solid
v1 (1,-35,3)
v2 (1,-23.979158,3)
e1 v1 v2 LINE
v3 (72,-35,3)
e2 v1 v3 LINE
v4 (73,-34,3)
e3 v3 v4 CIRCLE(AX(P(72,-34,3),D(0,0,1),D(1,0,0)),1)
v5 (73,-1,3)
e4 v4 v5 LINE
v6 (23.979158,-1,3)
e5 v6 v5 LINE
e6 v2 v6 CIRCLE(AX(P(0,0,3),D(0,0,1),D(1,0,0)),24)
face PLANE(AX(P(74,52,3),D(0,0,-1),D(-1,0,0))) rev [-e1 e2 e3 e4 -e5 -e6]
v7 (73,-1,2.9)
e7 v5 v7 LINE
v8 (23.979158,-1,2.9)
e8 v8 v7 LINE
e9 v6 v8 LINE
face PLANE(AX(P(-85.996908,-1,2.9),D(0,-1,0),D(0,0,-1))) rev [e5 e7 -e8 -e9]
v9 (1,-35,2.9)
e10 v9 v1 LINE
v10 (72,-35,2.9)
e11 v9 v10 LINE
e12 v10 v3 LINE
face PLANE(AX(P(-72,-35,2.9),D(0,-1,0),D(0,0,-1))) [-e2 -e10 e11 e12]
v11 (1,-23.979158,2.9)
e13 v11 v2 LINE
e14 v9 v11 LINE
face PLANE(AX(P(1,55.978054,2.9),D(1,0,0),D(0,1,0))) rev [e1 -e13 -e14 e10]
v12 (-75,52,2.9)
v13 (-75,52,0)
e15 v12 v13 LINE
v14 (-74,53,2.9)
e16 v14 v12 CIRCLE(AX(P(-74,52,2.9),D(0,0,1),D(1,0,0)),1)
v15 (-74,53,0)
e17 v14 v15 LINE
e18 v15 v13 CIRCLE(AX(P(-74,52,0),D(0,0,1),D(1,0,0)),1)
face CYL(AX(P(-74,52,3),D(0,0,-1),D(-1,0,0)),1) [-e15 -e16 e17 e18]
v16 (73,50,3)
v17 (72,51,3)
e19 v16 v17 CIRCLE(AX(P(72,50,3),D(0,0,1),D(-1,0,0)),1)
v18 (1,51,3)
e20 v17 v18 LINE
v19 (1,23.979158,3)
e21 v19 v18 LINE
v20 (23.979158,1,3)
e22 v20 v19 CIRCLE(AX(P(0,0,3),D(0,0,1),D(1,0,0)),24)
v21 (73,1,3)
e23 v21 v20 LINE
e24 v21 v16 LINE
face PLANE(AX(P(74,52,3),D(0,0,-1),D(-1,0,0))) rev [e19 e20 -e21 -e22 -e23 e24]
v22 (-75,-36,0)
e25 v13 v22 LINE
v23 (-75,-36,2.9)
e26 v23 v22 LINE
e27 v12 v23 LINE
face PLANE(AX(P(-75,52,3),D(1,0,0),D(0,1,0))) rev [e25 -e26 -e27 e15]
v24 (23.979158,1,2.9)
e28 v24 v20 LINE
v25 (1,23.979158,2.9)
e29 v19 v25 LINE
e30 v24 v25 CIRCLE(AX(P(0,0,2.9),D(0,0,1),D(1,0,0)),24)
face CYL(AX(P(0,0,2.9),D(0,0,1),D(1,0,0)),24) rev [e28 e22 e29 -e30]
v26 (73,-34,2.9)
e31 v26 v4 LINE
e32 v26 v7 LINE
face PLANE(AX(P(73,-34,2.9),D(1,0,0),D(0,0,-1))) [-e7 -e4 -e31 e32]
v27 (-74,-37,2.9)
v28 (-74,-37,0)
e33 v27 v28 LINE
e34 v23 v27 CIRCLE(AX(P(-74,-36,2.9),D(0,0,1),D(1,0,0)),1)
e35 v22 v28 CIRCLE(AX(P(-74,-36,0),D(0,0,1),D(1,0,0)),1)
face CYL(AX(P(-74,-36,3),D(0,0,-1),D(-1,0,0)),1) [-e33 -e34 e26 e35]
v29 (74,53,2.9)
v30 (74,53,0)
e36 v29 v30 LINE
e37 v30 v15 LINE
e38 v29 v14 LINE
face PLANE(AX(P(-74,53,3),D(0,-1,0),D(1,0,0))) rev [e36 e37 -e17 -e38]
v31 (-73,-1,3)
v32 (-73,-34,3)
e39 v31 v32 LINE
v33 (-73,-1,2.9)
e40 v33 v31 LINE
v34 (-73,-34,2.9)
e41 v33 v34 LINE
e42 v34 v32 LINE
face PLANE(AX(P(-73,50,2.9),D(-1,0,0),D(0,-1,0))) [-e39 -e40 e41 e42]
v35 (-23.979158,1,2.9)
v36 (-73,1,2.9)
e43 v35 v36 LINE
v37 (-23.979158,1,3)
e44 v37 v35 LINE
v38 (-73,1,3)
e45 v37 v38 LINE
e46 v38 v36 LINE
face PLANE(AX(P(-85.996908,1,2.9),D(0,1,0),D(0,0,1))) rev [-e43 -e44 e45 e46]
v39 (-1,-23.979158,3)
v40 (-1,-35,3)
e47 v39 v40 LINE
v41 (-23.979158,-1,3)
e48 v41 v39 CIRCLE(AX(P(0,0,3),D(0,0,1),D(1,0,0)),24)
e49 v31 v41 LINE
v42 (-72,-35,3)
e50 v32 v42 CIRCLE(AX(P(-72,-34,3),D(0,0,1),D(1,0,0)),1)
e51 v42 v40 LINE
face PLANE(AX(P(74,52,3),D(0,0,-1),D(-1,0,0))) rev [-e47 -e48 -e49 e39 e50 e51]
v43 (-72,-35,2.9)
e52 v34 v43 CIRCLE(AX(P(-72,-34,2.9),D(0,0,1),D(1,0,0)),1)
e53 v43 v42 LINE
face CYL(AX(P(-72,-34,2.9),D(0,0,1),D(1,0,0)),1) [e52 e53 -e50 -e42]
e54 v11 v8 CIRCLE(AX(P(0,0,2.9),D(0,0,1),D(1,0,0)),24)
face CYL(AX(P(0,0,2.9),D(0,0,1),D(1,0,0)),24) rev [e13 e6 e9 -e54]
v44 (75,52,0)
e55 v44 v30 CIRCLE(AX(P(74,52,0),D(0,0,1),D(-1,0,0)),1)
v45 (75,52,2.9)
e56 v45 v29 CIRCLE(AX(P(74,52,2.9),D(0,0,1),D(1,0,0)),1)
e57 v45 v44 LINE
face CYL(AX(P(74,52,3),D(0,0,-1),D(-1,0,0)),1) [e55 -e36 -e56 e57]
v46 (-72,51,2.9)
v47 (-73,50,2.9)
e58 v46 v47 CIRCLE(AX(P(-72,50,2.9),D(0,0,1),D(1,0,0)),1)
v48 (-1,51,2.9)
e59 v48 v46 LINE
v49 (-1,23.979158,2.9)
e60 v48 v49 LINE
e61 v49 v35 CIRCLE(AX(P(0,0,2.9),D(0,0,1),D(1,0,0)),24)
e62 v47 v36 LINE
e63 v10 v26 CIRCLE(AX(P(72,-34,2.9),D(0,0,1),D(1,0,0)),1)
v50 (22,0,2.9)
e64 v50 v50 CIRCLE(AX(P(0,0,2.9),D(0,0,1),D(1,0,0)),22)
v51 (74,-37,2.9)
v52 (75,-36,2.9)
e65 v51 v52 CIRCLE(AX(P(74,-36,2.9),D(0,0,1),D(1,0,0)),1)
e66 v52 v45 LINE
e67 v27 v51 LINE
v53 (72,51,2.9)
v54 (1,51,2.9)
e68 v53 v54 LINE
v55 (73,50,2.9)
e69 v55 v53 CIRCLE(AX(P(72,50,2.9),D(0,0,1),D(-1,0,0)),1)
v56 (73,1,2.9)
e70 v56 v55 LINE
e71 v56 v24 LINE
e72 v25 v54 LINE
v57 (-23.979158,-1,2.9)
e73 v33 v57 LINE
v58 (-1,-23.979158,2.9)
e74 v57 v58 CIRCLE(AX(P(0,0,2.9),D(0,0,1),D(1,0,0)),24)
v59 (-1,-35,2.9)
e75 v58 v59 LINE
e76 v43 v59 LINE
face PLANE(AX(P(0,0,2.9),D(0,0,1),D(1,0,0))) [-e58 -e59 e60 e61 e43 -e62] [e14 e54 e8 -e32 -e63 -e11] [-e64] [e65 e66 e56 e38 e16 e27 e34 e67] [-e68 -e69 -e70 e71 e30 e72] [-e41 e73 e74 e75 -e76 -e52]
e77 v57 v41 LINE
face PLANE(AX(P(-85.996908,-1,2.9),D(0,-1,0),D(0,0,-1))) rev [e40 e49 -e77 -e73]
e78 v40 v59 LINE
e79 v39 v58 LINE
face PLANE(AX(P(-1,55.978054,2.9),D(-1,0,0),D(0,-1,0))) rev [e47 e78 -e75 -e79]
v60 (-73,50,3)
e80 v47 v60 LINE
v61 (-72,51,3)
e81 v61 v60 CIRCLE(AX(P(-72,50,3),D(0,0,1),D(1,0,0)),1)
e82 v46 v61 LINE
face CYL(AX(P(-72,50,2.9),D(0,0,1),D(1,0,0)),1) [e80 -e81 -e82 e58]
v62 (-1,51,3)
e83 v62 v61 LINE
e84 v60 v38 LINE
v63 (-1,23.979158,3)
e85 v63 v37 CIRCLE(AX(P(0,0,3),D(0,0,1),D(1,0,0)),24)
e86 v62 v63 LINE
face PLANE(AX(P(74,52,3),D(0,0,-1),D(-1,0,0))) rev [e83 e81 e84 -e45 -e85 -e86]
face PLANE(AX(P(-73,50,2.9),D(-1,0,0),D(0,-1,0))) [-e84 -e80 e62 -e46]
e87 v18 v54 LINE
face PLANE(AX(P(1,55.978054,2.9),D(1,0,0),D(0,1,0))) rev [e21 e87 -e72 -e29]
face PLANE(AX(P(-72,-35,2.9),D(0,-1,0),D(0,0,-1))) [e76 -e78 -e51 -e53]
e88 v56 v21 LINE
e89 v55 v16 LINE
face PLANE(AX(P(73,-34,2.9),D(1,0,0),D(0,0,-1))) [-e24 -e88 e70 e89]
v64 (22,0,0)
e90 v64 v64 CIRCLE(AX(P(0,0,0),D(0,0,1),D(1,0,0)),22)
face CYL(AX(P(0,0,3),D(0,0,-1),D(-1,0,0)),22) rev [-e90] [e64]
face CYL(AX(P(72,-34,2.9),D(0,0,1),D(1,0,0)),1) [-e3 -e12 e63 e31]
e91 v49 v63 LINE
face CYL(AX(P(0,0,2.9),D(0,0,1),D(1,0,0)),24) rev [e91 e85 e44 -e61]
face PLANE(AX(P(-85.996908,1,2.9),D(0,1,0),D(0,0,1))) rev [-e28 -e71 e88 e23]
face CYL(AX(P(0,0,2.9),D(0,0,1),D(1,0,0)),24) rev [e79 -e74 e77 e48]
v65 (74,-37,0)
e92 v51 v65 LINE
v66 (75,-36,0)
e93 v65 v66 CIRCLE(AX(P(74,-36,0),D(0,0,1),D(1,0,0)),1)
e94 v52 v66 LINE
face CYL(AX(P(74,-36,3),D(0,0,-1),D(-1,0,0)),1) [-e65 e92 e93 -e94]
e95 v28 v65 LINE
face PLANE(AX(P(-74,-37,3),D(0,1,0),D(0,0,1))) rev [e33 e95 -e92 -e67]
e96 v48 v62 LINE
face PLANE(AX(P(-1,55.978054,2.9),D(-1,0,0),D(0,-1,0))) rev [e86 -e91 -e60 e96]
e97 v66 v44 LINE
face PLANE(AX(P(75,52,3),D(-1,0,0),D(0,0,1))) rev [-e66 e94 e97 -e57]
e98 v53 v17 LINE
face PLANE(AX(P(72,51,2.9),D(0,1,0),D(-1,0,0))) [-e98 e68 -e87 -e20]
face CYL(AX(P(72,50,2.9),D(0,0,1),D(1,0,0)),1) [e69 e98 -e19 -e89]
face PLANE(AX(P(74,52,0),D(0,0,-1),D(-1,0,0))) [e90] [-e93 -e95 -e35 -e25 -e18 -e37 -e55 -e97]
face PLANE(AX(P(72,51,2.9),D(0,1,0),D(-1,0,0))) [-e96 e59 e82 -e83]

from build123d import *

# Parameters (mm, degrees)
SKETCH_1_R          = 22
EXTRUDE_1_DEPTH     = 3
SKETCH_6_R          = 24
CUT_EXTRUDE_1_DEPTH = 0.1
SKETCH_7_W          = 161.718450326
SKETCH_7_H          = 100.382420291
CUT_EXTRUDE_2_DEPTH = 0.1
SKETCH_8_W          = 2
SKETCH_8_H          = 101.647080703
CUT_EXTRUDE_3_DEPTH = 0.1
SKETCH_9_W          = 185.430833072
SKETCH_9_H          = 2
CUT_EXTRUDE_4_DEPTH = 0.1


with BuildPart() as part:
    # Эскиз1 → Бобышка-Вытянуть1 (new body)
    with BuildSketch(Plane.XY):
        with BuildLine():
            Line((-74, 53), (74, 53))
            ThreePointArc((74, 53), (74.707106781, 52.707106781), (75, 52))
            Line((75, 52), (75, -36))
            ThreePointArc((75, -36), (74.707106781, -36.707106781), (74, -37))
            Line((74, -37), (-74, -37))
            ThreePointArc((-74, -37), (-74.707106781, -36.707106781), (-75, -36))
            Line((-75, -36), (-75, 52))
            ThreePointArc((-75, 52), (-74.707106781, 52.707106781), (-74, 53))
        make_face()
        Circle(SKETCH_1_R, mode=Mode.SUBTRACT)
    extrude(amount=EXTRUDE_1_DEPTH)

    # Эскиз6 → Вырез-Вытянуть1 (cut)
    with BuildSketch(Plane.XY.offset(3)):
        Circle(SKETCH_6_R)
    extrude(amount=-CUT_EXTRUDE_1_DEPTH, mode=Mode.SUBTRACT)

    # Эскиз7 → Вырез-Вытянуть2 (cut)
    with BuildSketch(Plane.XY.offset(3)):
        with Locations((0.395206379, 8.158082552)):
            Rectangle(SKETCH_7_W, SKETCH_7_H)
        with BuildLine():
            Line((72, 51), (-72, 51))
            ThreePointArc((-72, 51), (-72.707106781, 50.707106781), (-73, 50))
            Line((-73, 50), (-73, -34))
            ThreePointArc((-73, -34), (-72.707106781, -34.707106781), (-72, -35))
            Line((-72, -35), (72, -35))
            ThreePointArc((72, -35), (72.707106781, -34.707106781), (73, -34))
            Line((73, -34), (73, 50))
            ThreePointArc((73, 50), (72.707106781, 50.707106781), (72, 51))
        make_face(mode=Mode.SUBTRACT)
    extrude(amount=-CUT_EXTRUDE_2_DEPTH, mode=Mode.SUBTRACT)

    # Эскиз8 → Вырез-Вытянуть3 (cut)
    with BuildSketch(Plane.XY.offset(3)):
        with Locations((0, 5.154514071)):
            Rectangle(SKETCH_8_W, SKETCH_8_H)
    extrude(amount=-CUT_EXTRUDE_3_DEPTH, mode=Mode.SUBTRACT)

    # Эскиз9 → Вырез-Вытянуть4 (cut)
    with BuildSketch(Plane.XY.offset(3)):
        with Locations((6.718508445, 0)):
            Rectangle(SKETCH_9_W, SKETCH_9_H)
    extrude(amount=-CUT_EXTRUDE_4_DEPTH, mode=Mode.SUBTRACT)


solid = part.part
